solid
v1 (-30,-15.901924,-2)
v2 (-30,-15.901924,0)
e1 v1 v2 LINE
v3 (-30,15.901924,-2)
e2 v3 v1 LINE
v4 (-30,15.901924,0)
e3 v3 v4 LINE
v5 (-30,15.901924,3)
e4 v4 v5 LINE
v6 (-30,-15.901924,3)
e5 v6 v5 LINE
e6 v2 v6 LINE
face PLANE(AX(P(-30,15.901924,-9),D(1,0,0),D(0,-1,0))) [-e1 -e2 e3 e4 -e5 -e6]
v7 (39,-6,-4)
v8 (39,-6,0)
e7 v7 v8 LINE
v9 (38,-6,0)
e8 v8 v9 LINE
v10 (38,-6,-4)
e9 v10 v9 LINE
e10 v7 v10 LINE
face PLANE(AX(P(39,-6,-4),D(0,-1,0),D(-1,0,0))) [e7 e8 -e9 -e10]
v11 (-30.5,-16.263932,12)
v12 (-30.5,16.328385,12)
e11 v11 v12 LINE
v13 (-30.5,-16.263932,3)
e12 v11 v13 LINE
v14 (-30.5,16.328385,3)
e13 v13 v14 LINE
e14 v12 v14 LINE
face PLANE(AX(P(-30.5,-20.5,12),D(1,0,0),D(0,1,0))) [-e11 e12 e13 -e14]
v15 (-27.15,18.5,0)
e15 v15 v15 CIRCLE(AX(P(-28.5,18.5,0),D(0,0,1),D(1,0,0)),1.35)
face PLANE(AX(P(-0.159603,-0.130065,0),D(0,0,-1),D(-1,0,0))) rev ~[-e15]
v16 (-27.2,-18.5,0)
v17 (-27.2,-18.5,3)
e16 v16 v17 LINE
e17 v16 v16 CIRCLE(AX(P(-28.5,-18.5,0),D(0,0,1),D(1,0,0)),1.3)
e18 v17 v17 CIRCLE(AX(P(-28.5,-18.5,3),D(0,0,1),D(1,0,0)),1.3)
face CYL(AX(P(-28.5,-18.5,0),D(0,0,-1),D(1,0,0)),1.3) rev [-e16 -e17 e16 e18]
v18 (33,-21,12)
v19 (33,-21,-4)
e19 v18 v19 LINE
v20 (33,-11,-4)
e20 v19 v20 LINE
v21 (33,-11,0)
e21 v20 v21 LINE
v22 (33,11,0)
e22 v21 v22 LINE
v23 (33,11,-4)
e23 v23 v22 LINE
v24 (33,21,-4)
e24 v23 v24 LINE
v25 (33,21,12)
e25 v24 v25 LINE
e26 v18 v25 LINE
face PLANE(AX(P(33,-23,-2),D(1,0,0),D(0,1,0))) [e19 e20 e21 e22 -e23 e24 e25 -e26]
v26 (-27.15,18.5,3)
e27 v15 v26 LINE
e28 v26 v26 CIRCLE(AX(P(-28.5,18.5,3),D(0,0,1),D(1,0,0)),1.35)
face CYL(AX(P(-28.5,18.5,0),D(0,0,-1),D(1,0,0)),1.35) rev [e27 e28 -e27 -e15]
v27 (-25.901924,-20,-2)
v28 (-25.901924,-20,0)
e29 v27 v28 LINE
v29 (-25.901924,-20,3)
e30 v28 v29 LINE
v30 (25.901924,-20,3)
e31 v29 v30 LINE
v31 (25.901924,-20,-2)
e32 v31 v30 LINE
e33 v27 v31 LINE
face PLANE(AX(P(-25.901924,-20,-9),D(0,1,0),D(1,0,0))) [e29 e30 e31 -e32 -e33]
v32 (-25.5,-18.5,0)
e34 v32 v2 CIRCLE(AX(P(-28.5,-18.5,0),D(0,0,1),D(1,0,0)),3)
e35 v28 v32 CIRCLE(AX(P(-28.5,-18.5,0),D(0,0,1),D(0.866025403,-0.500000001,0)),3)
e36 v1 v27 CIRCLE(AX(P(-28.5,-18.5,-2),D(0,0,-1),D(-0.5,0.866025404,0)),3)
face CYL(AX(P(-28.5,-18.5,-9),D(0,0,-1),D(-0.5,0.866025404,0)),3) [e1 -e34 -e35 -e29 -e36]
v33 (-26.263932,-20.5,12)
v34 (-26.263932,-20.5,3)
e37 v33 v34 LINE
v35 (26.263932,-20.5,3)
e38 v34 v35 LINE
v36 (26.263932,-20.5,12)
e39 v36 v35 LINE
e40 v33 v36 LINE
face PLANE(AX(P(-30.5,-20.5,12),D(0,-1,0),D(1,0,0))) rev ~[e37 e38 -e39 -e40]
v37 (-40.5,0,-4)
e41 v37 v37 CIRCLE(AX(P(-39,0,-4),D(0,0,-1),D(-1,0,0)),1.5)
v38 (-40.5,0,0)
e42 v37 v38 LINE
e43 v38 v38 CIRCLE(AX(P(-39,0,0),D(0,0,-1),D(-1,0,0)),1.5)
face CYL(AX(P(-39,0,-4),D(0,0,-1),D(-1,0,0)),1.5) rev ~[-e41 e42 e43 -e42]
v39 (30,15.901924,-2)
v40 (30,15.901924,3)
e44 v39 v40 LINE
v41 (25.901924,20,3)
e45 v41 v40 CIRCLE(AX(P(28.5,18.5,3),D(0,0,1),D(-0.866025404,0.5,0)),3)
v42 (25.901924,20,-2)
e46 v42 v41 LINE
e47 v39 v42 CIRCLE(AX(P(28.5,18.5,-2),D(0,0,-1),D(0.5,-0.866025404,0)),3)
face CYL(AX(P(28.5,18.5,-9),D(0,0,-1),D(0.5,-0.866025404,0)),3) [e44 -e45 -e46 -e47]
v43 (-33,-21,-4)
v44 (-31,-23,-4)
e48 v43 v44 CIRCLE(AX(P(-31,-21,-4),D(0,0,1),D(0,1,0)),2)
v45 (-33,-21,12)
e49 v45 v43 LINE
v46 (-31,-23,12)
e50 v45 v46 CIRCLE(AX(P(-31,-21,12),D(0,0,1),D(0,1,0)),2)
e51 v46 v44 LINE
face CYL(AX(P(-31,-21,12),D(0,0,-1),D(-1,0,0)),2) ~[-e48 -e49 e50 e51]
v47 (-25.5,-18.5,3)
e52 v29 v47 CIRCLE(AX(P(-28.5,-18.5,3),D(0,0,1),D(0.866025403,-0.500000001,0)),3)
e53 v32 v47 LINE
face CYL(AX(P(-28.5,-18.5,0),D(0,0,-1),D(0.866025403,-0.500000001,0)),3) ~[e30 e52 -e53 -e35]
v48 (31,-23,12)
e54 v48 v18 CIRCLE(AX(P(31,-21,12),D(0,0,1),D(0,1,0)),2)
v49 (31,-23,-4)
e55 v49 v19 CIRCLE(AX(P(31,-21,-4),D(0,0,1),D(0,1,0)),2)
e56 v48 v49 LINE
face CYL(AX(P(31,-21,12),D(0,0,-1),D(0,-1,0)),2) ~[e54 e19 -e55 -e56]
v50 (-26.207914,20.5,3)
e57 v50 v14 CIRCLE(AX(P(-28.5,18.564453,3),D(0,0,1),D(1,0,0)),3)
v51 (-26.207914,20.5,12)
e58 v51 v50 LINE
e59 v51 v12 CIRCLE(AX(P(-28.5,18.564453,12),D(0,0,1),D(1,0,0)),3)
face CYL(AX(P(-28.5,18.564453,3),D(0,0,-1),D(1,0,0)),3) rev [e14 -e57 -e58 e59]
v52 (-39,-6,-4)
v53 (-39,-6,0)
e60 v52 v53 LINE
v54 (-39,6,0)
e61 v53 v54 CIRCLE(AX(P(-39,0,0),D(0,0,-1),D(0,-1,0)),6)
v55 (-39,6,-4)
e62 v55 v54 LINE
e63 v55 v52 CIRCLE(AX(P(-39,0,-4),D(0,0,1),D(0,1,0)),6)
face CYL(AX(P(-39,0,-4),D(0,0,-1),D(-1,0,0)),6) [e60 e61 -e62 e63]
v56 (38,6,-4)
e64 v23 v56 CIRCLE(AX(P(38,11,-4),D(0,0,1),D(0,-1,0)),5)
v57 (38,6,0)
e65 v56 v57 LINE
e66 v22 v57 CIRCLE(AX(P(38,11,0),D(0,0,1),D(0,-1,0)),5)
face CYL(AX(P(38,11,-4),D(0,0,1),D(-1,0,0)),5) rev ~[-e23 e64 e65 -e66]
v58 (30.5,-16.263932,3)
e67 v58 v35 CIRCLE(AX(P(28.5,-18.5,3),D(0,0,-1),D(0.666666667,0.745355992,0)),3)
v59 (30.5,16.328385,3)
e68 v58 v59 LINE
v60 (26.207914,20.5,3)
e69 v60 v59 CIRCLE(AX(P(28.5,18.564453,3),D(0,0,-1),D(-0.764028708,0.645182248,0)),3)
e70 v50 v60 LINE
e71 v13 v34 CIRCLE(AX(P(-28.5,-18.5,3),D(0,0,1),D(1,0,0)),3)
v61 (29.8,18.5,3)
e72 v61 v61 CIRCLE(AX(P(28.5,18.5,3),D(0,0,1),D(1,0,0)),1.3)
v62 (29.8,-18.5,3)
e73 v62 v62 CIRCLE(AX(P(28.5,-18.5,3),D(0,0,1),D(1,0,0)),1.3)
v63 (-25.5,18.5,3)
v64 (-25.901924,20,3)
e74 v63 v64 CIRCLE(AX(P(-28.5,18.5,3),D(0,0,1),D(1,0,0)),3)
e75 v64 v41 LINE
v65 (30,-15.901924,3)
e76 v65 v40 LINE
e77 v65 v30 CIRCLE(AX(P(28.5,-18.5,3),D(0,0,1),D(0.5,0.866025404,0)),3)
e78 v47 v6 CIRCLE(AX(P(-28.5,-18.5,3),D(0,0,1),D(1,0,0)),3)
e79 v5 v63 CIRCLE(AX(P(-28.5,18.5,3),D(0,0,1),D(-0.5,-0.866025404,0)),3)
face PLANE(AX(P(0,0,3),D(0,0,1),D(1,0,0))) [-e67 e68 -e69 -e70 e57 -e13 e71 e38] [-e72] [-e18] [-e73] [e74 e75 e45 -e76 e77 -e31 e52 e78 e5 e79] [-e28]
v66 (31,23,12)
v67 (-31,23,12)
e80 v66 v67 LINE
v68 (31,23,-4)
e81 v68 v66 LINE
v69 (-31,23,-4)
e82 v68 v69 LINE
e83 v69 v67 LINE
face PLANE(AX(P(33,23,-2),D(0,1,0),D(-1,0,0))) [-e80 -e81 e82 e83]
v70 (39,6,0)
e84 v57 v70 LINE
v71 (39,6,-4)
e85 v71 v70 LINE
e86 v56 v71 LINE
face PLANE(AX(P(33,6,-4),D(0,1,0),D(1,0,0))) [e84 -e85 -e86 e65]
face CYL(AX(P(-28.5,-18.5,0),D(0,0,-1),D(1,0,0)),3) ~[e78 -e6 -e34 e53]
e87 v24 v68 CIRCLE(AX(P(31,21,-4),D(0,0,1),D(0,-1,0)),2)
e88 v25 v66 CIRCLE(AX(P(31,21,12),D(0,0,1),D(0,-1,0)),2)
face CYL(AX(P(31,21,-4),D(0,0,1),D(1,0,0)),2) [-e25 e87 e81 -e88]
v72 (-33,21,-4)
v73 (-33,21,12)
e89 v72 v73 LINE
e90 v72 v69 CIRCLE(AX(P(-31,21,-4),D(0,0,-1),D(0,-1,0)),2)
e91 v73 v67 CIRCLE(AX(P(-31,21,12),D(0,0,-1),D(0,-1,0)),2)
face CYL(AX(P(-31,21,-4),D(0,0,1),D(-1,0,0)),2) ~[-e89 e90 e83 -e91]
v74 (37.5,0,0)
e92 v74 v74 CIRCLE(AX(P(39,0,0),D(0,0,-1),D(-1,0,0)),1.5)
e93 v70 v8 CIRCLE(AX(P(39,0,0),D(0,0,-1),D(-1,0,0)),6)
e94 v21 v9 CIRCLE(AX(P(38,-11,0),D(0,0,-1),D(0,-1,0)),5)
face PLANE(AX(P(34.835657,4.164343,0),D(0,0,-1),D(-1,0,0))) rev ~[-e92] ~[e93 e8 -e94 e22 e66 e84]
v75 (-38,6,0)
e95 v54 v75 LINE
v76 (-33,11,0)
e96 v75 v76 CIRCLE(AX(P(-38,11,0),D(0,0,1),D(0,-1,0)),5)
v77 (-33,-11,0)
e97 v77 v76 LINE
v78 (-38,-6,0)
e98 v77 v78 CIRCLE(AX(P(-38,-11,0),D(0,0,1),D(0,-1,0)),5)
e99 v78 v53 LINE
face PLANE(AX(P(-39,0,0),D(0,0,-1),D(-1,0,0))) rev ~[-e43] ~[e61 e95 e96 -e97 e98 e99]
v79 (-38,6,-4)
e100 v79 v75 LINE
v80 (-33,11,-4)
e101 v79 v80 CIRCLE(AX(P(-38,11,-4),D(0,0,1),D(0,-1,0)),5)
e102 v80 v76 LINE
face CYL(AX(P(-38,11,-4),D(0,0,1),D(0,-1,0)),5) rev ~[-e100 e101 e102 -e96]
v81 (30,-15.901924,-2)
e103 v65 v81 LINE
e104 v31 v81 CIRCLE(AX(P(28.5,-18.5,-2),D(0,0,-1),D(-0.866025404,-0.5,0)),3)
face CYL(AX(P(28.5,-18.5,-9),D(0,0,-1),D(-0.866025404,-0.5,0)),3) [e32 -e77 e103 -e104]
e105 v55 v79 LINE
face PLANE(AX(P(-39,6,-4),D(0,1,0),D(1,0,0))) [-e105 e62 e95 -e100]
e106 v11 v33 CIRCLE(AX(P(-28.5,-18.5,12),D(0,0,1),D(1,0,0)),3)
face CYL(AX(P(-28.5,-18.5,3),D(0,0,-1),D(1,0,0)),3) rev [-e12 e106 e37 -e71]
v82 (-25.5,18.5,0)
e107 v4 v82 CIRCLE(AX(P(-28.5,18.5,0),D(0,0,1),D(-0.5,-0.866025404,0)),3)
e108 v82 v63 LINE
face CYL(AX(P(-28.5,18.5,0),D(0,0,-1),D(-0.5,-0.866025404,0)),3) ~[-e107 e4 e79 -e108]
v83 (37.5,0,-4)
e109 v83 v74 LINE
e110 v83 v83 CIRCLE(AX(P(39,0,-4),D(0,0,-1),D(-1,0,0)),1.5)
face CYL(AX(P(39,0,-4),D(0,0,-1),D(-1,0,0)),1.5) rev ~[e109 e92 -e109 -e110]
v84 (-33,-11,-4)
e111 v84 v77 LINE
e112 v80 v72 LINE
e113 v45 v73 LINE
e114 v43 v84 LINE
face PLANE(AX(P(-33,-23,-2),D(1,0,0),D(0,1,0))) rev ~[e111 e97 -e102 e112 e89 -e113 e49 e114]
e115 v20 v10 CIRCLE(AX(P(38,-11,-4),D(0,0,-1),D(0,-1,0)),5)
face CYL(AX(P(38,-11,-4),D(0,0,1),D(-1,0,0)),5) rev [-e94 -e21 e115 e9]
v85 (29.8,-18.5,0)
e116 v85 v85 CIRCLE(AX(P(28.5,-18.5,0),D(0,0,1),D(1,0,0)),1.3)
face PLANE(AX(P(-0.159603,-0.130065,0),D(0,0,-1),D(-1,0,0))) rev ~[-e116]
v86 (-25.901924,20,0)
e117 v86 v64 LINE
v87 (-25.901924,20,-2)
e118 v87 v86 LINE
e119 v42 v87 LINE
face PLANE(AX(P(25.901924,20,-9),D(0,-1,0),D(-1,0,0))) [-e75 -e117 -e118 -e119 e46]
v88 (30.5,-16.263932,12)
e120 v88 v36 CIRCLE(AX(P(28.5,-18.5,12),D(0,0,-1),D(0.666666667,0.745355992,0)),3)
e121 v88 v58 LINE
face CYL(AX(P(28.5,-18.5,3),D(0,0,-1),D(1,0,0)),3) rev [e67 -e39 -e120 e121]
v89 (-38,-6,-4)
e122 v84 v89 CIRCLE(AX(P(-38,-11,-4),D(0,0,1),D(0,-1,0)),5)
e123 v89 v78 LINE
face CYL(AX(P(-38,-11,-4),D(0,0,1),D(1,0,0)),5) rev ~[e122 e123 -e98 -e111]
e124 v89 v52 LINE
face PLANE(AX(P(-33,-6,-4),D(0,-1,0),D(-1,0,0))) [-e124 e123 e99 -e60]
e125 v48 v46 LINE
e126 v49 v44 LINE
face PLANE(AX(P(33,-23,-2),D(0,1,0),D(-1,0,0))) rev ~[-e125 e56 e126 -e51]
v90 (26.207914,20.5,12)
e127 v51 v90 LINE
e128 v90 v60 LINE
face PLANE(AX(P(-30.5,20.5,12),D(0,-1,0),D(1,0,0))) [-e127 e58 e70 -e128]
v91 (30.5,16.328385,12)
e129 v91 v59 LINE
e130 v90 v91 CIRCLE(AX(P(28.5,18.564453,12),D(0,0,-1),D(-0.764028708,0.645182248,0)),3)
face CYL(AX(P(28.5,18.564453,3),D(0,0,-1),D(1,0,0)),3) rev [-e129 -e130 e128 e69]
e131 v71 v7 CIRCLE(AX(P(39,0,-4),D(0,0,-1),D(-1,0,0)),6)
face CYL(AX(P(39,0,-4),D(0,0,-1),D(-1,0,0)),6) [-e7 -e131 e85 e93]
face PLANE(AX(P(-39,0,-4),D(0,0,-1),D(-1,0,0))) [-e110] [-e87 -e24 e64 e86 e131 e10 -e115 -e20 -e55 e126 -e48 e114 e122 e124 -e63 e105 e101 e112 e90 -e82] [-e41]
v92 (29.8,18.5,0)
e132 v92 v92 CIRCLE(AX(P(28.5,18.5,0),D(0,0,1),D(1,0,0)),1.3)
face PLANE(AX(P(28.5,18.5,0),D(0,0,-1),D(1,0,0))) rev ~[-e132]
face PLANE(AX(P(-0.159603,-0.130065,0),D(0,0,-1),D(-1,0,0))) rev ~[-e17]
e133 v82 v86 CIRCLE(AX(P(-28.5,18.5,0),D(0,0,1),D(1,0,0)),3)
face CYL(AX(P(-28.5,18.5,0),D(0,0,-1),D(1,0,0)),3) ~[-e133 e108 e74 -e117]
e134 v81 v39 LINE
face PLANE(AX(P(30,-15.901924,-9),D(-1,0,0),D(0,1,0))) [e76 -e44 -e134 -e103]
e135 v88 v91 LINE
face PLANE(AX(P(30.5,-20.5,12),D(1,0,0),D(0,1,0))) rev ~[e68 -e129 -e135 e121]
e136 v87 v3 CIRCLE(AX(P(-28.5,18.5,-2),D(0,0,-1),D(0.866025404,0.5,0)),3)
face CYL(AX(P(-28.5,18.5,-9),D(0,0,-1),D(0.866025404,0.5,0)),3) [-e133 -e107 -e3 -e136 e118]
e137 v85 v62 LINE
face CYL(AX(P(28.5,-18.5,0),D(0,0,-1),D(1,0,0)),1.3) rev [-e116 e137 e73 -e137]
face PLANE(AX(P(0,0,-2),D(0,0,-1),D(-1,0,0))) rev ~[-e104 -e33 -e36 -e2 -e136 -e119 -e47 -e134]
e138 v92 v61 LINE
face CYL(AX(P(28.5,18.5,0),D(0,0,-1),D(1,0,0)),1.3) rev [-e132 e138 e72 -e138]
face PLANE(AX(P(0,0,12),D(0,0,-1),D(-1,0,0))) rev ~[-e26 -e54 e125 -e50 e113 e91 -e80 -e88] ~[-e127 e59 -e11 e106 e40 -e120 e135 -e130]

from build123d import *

# Parameters (mm, degrees)
SKETCH1_R           = 1.5
SKETCH1_R_2         = 1.35
SKETCH1_R_3         = 1.3
BOSS_EXTRUDE1_DEPTH = 3
BOSS_EXTRUDE2_START = 2
SKETCH2_W           = 64
SKETCH2_H           = 44
SKETCH2_R           = 1.3
BOSS_EXTRUDE2_DEPTH = 2
SKETCH3_W           = 64
SKETCH3_H           = 44
SKETCH3_W_2         = 60
SKETCH3_H_2         = 40
BOSS_EXTRUDE3_DEPTH = 12
SKETCH4_W           = 61
SKETCH4_H           = 41
SKETCH4_W_2         = 60
SKETCH4_H_2         = 40
CUT_EXTRUDE1_DEPTH  = 9
SKETCH5_R           = 3
CUT_EXTRUDE2_DEPTH  = 9
CUT_EXTRUDE3_START  = -9
CUT_EXTRUDE3_DEPTH  = 9
SKETCH7_W           = 66
SKETCH7_H           = 46
SKETCH7_W_2         = 64
SKETCH7_H_2         = 44
BOSS_EXTRUDE4_DEPTH = 14
SKETCH8_W           = 66
SKETCH8_H           = 46
BOSS_EXTRUDE5_DEPTH = 2
SKETCH9_R           = 6
SKETCH9_R_2         = 1.5
BOSS_EXTRUDE7_DEPTH = 4
FILLET1_R           = 5
FILLET2_R           = 2


with BuildPart() as part:
    # Sketch1 → Boss-Extrude1 (new body)
    # profile 1 of 12: a face of its own
    with BuildSketch(Plane.XY):
        with BuildLine():
            Line((-25.901923789, 20), (-28.5, 20))
            ThreePointArc((-28.5, 20), (-27.439339828, 19.560660172), (-27, 18.5))
            ThreePointArc((-27, 18.5), (-28.5, 17), (-30, 18.5))
            Line((-30, 18.5), (-30, 15.901923789))
            ThreePointArc((-30, 15.901923789), (-27, 15.901923789), (-25.5, 18.5))
            ThreePointArc((-25.5, 18.5), (-25.602222521, 19.276457135), (-25.901923789, 20))
        make_face()
    # profile 2 of 12: a face of its own
    with BuildSketch(Plane.XY):
        with BuildLine():
            Line((28.5, 20), (25.901923789, 20))
            ThreePointArc((25.901923789, 20), (26.378679656, 16.378679656), (30, 15.901923789))
            Line((30, 15.901923789), (30, 18.5))
            ThreePointArc((30, 18.5), (27.439339828, 17.439339828), (28.5, 20))
        make_face()
    # profile 3 of 12: a face of its own
    with BuildSketch(Plane.XY):
        with BuildLine():
            Line((30, -18.5), (30, -15.901923789))
            ThreePointArc((30, -15.901923789), (26.378679656, -16.378679656), (25.901923789, -20))
            Line((25.901923789, -20), (28.5, -20))
            ThreePointArc((28.5, -20), (27.439339828, -17.439339828), (30, -18.5))
        make_face()
    # profile 4 of 12: a face of its own
    with BuildSketch(Plane.XY):
        with BuildLine():
            ThreePointArc((-25.5, -18.5), (-27, -15.901923789), (-30, -15.901923789))
            Line((-30, -15.901923789), (-30, -18.5))
            ThreePointArc((-30, -18.5), (-28.5, -17), (-27, -18.5))
            ThreePointArc((-27, -18.5), (-27.439339828, -19.560660172), (-28.5, -20))
            Line((-28.5, -20), (-25.901923789, -20))
            ThreePointArc((-25.901923789, -20), (-25.602222521, -19.276457135), (-25.5, -18.5))
        make_face()
    # profile 5 of 12: a face of its own
    with BuildSketch(Plane.XY):
        with BuildLine():
            Line((-28.5, 20), (-30, 20))
            Line((-30, 20), (-30, 18.5))
            ThreePointArc((-30, 18.5), (-29.560660172, 19.560660172), (-28.5, 20))
        make_face()
    # profile 6 of 12: a face of its own
    with BuildSketch(Plane.XY):
        with Locations((-28.5, 18.5)):
            Circle(SKETCH1_R)
        with Locations((-28.5, 18.5)):
            Circle(SKETCH1_R_2, mode=Mode.SUBTRACT)
    # profile 7 of 12: a face of its own
    with BuildSketch(Plane.XY):
        with BuildLine():
            Line((30, 20), (28.5, 20))
            ThreePointArc((28.5, 20), (29.560660172, 19.560660172), (30, 18.5))
            Line((30, 18.5), (30, 20))
        make_face()
    # profile 8 of 12: a face of its own
    with BuildSketch(Plane.XY):
        with Locations((28.5, 18.5)):
            Circle(SKETCH1_R)
        with Locations((28.5, 18.5)):
            Circle(SKETCH1_R_3, mode=Mode.SUBTRACT)
    # profile 9 of 12: a face of its own
    with BuildSketch(Plane.XY):
        with BuildLine():
            Line((30, -20), (30, -18.5))
            ThreePointArc((30, -18.5), (29.560660172, -19.560660172), (28.5, -20))
            Line((28.5, -20), (30, -20))
        make_face()
    # profile 10 of 12: a face of its own
    with BuildSketch(Plane.XY):
        with Locations((28.5, -18.5)):
            Circle(SKETCH1_R)
        with Locations((28.5, -18.5)):
            Circle(SKETCH1_R_3, mode=Mode.SUBTRACT)
    # profile 11 of 12: a face of its own
    with BuildSketch(Plane.XY):
        with BuildLine():
            ThreePointArc((-28.5, -20), (-29.560660172, -19.560660172), (-30, -18.5))
            Line((-30, -18.5), (-30, -20))
            Line((-30, -20), (-28.5, -20))
        make_face()
    # profile 12 of 12: a face of its own
    with BuildSketch(Plane.XY):
        with Locations((-28.5, -18.5)):
            Circle(SKETCH1_R)
        with Locations((-28.5, -18.5)):
            Circle(SKETCH1_R_3, mode=Mode.SUBTRACT)
    extrude(amount=BOSS_EXTRUDE1_DEPTH)

    # Sketch2 → Boss-Extrude2 (add)
    # profile 1 of 4: a face of its own
    with BuildSketch(Plane(origin=(0, 0, 0), x_dir=(-1, 0, 0), z_dir=(0, 0, -1)).offset(BOSS_EXTRUDE2_START)):
        Rectangle(SKETCH2_W, SKETCH2_H)
        Polygon((-30, 15.901923789), (-30, 20), (-25.901923789, 20), (30, 20), (30, -20), (-30, -20), align=None, mode=Mode.SUBTRACT)
    # profile 2 of 4: a face of its own
    with BuildSketch(Plane(origin=(0, 0, 0), x_dir=(-1, 0, 0), z_dir=(0, 0, -1)).offset(BOSS_EXTRUDE2_START)):
        with BuildLine():
            Line((30, 20), (-25.901923789, 20))
            ThreePointArc((-25.901923789, 20), (-26.378679656, 16.378679656), (-30, 15.901923789))
            Line((-30, 15.901923789), (-30, -20))
            Line((-30, -20), (30, -20))
            Line((30, -20), (30, 20))
        make_face()
    # profile 3 of 4: a face of its own
    with BuildSketch(Plane(origin=(0, 0, 0), x_dir=(-1, 0, 0), z_dir=(0, 0, -1)).offset(BOSS_EXTRUDE2_START)):
        with BuildLine():
            ThreePointArc((-30, 15.901923789), (-26.378679656, 16.378679656), (-25.901923789, 20))
            Line((-25.901923789, 20), (-30, 20))
            Line((-30, 20), (-30, 15.901923789))
        make_face()
        with Locations(Location((-28.5, 18.5, 0), (0, 0, 180))):
            Circle(SKETCH2_R, mode=Mode.SUBTRACT)
    # profile 4 of 4: a face of its own
    with BuildSketch(Plane(origin=(0, 0, 0), x_dir=(-1, 0, 0), z_dir=(0, 0, -1)).offset(BOSS_EXTRUDE2_START)):
        with Locations(Location((-28.5, 18.5, 0), (0, 0, 180))):
            Circle(SKETCH2_R)
    extrude(amount=-BOSS_EXTRUDE2_DEPTH)

    # Sketch3 → Boss-Extrude3 (add)
    with BuildSketch(Plane.XY):
        Rectangle(SKETCH3_W, SKETCH3_H)
        Rectangle(SKETCH3_W_2, SKETCH3_H_2, mode=Mode.SUBTRACT)
    extrude(amount=BOSS_EXTRUDE3_DEPTH)

    # Sketch4 → Cut-Extrude1 (cut)
    with BuildSketch(Plane.XY.offset(12)):
        Rectangle(SKETCH4_W, SKETCH4_H)
        Rectangle(SKETCH4_W_2, SKETCH4_H_2, mode=Mode.SUBTRACT)
    extrude(amount=-CUT_EXTRUDE1_DEPTH, mode=Mode.SUBTRACT)

    # Sketch5 → Cut-Extrude2 (cut)
    with BuildSketch(Plane.XY.offset(3)):
        with Locations((28.5, -18.5)):
            Circle(SKETCH5_R)
        with Locations((-28.5, -18.5)):
            Circle(SKETCH5_R)
        with Locations((-28.5, 18.564453257)):
            Circle(SKETCH5_R)
        with Locations((28.5, 18.564453257)):
            Circle(SKETCH5_R)
    extrude(amount=CUT_EXTRUDE2_DEPTH, mode=Mode.SUBTRACT)

    # Sketch6 → Cut-Extrude3 (cut)
    with BuildSketch(Plane.XY.offset(CUT_EXTRUDE3_START)):
        with BuildLine():
            Line((30, -15.901923789), (30, 15.901923789))
            ThreePointArc((30, 15.901923789), (26.378679656, 16.378679656), (25.901923789, 20))
            Line((25.901923789, 20), (-25.901923789, 20))
            ThreePointArc((-25.901923789, 20), (-26.378679656, 16.378679656), (-30, 15.901923789))
            Line((-30, 15.901923789), (-30, -15.901923789))
            ThreePointArc((-30, -15.901923789), (-26.378679656, -16.378679656), (-25.901923789, -20))
            Line((-25.901923789, -20), (25.901923789, -20))
            ThreePointArc((25.901923789, -20), (26.378679656, -16.378679656), (30, -15.901923789))
        make_face()
    extrude(amount=CUT_EXTRUDE3_DEPTH, mode=Mode.SUBTRACT)

    # Sketch7 → Boss-Extrude4 (add)
    with BuildSketch(Plane(origin=(0, 0, -2), x_dir=(-1, 0, 0), z_dir=(0, 0, -1))):
        Rectangle(SKETCH7_W, SKETCH7_H)
        Rectangle(SKETCH7_W_2, SKETCH7_H_2, mode=Mode.SUBTRACT)
    extrude(amount=-BOSS_EXTRUDE4_DEPTH)

    # Sketch8 → Boss-Extrude5 (add)
    with BuildSketch(Plane(origin=(0, 0, -2), x_dir=(-1, 0, 0), z_dir=(0, 0, -1))):
        Rectangle(SKETCH8_W, SKETCH8_H)
    extrude(amount=BOSS_EXTRUDE5_DEPTH)

    # Sketch9 → Boss-Extrude7 (add)
    # profile 1 of 6: a face of its own
    with BuildSketch(Plane(origin=(0, 0, -4), x_dir=(-1, 0, 0), z_dir=(0, 0, -1))):
        with Locations((39, 0)):
            Circle(SKETCH9_R)
        with Locations((39, 0)):
            Circle(SKETCH9_R_2, mode=Mode.SUBTRACT)
    # profile 2 of 6: a face of its own
    with BuildSketch(Plane(origin=(0, 0, -4), x_dir=(-1, 0, 0), z_dir=(0, 0, -1))):
        with BuildLine():
            ThreePointArc((33, 1e-09), (34.757359313, 4.242640687), (39, 6))
            Line((39, 6), (33, 6))
            Line((33, 6), (33, 1e-09))
        make_face()
    # profile 3 of 6: a face of its own
    with BuildSketch(Plane(origin=(0, 0, -4), x_dir=(-1, 0, 0), z_dir=(0, 0, -1))):
        with BuildLine():
            ThreePointArc((39, -6), (34.757359313, -4.242640687), (33, 1e-09))
            Line((33, 1e-09), (33, -6))
            Line((33, -6), (39, -6))
        make_face()
    # profile 4 of 6: a face of its own
    with BuildSketch(Plane(origin=(0, 0, -4), x_dir=(-1, 0, 0), z_dir=(0, 0, -1))):
        with Locations((-39, 0)):
            Circle(SKETCH9_R)
        with Locations((-39, 0)):
            Circle(SKETCH9_R_2, mode=Mode.SUBTRACT)
    # profile 5 of 6: a face of its own
    with BuildSketch(Plane(origin=(0, 0, -4), x_dir=(-1, 0, 0), z_dir=(0, 0, -1))):
        with BuildLine():
            Line((-33, 0), (-33, 6))
            Line((-33, 6), (-39, 6))
            ThreePointArc((-39, 6), (-34.757359313, 4.242640687), (-33, 0))
        make_face()
    # profile 6 of 6: a face of its own
    with BuildSketch(Plane(origin=(0, 0, -4), x_dir=(-1, 0, 0), z_dir=(0, 0, -1))):
        with BuildLine():
            Line((-33, -6), (-33, 0))
            ThreePointArc((-33, 0), (-34.757359313, -4.242640687), (-39, -6))
            Line((-39, -6), (-33, -6))
        make_face()
    extrude(amount=-BOSS_EXTRUDE7_DEPTH)

    # Fillet1
    fillet1_edges = [part.edges().sort_by_distance(p)[0] for p in [
        (-33, 6, -2),
        (-33, -6, -2),
        (33, -6, -2),
        (33, 6, -2),
    ]]
    fillet(fillet1_edges, radius=FILLET1_R)

    # Fillet2
    fillet2_edges = [part.edges().sort_by_distance(p)[0] for p in [
        (-33, 23, 4),
        (33, -23, 4),
        (-33, -23, 4),
        (33, 23, 4),
    ]]
    fillet(fillet2_edges, radius=FILLET2_R)


solid = part.part
